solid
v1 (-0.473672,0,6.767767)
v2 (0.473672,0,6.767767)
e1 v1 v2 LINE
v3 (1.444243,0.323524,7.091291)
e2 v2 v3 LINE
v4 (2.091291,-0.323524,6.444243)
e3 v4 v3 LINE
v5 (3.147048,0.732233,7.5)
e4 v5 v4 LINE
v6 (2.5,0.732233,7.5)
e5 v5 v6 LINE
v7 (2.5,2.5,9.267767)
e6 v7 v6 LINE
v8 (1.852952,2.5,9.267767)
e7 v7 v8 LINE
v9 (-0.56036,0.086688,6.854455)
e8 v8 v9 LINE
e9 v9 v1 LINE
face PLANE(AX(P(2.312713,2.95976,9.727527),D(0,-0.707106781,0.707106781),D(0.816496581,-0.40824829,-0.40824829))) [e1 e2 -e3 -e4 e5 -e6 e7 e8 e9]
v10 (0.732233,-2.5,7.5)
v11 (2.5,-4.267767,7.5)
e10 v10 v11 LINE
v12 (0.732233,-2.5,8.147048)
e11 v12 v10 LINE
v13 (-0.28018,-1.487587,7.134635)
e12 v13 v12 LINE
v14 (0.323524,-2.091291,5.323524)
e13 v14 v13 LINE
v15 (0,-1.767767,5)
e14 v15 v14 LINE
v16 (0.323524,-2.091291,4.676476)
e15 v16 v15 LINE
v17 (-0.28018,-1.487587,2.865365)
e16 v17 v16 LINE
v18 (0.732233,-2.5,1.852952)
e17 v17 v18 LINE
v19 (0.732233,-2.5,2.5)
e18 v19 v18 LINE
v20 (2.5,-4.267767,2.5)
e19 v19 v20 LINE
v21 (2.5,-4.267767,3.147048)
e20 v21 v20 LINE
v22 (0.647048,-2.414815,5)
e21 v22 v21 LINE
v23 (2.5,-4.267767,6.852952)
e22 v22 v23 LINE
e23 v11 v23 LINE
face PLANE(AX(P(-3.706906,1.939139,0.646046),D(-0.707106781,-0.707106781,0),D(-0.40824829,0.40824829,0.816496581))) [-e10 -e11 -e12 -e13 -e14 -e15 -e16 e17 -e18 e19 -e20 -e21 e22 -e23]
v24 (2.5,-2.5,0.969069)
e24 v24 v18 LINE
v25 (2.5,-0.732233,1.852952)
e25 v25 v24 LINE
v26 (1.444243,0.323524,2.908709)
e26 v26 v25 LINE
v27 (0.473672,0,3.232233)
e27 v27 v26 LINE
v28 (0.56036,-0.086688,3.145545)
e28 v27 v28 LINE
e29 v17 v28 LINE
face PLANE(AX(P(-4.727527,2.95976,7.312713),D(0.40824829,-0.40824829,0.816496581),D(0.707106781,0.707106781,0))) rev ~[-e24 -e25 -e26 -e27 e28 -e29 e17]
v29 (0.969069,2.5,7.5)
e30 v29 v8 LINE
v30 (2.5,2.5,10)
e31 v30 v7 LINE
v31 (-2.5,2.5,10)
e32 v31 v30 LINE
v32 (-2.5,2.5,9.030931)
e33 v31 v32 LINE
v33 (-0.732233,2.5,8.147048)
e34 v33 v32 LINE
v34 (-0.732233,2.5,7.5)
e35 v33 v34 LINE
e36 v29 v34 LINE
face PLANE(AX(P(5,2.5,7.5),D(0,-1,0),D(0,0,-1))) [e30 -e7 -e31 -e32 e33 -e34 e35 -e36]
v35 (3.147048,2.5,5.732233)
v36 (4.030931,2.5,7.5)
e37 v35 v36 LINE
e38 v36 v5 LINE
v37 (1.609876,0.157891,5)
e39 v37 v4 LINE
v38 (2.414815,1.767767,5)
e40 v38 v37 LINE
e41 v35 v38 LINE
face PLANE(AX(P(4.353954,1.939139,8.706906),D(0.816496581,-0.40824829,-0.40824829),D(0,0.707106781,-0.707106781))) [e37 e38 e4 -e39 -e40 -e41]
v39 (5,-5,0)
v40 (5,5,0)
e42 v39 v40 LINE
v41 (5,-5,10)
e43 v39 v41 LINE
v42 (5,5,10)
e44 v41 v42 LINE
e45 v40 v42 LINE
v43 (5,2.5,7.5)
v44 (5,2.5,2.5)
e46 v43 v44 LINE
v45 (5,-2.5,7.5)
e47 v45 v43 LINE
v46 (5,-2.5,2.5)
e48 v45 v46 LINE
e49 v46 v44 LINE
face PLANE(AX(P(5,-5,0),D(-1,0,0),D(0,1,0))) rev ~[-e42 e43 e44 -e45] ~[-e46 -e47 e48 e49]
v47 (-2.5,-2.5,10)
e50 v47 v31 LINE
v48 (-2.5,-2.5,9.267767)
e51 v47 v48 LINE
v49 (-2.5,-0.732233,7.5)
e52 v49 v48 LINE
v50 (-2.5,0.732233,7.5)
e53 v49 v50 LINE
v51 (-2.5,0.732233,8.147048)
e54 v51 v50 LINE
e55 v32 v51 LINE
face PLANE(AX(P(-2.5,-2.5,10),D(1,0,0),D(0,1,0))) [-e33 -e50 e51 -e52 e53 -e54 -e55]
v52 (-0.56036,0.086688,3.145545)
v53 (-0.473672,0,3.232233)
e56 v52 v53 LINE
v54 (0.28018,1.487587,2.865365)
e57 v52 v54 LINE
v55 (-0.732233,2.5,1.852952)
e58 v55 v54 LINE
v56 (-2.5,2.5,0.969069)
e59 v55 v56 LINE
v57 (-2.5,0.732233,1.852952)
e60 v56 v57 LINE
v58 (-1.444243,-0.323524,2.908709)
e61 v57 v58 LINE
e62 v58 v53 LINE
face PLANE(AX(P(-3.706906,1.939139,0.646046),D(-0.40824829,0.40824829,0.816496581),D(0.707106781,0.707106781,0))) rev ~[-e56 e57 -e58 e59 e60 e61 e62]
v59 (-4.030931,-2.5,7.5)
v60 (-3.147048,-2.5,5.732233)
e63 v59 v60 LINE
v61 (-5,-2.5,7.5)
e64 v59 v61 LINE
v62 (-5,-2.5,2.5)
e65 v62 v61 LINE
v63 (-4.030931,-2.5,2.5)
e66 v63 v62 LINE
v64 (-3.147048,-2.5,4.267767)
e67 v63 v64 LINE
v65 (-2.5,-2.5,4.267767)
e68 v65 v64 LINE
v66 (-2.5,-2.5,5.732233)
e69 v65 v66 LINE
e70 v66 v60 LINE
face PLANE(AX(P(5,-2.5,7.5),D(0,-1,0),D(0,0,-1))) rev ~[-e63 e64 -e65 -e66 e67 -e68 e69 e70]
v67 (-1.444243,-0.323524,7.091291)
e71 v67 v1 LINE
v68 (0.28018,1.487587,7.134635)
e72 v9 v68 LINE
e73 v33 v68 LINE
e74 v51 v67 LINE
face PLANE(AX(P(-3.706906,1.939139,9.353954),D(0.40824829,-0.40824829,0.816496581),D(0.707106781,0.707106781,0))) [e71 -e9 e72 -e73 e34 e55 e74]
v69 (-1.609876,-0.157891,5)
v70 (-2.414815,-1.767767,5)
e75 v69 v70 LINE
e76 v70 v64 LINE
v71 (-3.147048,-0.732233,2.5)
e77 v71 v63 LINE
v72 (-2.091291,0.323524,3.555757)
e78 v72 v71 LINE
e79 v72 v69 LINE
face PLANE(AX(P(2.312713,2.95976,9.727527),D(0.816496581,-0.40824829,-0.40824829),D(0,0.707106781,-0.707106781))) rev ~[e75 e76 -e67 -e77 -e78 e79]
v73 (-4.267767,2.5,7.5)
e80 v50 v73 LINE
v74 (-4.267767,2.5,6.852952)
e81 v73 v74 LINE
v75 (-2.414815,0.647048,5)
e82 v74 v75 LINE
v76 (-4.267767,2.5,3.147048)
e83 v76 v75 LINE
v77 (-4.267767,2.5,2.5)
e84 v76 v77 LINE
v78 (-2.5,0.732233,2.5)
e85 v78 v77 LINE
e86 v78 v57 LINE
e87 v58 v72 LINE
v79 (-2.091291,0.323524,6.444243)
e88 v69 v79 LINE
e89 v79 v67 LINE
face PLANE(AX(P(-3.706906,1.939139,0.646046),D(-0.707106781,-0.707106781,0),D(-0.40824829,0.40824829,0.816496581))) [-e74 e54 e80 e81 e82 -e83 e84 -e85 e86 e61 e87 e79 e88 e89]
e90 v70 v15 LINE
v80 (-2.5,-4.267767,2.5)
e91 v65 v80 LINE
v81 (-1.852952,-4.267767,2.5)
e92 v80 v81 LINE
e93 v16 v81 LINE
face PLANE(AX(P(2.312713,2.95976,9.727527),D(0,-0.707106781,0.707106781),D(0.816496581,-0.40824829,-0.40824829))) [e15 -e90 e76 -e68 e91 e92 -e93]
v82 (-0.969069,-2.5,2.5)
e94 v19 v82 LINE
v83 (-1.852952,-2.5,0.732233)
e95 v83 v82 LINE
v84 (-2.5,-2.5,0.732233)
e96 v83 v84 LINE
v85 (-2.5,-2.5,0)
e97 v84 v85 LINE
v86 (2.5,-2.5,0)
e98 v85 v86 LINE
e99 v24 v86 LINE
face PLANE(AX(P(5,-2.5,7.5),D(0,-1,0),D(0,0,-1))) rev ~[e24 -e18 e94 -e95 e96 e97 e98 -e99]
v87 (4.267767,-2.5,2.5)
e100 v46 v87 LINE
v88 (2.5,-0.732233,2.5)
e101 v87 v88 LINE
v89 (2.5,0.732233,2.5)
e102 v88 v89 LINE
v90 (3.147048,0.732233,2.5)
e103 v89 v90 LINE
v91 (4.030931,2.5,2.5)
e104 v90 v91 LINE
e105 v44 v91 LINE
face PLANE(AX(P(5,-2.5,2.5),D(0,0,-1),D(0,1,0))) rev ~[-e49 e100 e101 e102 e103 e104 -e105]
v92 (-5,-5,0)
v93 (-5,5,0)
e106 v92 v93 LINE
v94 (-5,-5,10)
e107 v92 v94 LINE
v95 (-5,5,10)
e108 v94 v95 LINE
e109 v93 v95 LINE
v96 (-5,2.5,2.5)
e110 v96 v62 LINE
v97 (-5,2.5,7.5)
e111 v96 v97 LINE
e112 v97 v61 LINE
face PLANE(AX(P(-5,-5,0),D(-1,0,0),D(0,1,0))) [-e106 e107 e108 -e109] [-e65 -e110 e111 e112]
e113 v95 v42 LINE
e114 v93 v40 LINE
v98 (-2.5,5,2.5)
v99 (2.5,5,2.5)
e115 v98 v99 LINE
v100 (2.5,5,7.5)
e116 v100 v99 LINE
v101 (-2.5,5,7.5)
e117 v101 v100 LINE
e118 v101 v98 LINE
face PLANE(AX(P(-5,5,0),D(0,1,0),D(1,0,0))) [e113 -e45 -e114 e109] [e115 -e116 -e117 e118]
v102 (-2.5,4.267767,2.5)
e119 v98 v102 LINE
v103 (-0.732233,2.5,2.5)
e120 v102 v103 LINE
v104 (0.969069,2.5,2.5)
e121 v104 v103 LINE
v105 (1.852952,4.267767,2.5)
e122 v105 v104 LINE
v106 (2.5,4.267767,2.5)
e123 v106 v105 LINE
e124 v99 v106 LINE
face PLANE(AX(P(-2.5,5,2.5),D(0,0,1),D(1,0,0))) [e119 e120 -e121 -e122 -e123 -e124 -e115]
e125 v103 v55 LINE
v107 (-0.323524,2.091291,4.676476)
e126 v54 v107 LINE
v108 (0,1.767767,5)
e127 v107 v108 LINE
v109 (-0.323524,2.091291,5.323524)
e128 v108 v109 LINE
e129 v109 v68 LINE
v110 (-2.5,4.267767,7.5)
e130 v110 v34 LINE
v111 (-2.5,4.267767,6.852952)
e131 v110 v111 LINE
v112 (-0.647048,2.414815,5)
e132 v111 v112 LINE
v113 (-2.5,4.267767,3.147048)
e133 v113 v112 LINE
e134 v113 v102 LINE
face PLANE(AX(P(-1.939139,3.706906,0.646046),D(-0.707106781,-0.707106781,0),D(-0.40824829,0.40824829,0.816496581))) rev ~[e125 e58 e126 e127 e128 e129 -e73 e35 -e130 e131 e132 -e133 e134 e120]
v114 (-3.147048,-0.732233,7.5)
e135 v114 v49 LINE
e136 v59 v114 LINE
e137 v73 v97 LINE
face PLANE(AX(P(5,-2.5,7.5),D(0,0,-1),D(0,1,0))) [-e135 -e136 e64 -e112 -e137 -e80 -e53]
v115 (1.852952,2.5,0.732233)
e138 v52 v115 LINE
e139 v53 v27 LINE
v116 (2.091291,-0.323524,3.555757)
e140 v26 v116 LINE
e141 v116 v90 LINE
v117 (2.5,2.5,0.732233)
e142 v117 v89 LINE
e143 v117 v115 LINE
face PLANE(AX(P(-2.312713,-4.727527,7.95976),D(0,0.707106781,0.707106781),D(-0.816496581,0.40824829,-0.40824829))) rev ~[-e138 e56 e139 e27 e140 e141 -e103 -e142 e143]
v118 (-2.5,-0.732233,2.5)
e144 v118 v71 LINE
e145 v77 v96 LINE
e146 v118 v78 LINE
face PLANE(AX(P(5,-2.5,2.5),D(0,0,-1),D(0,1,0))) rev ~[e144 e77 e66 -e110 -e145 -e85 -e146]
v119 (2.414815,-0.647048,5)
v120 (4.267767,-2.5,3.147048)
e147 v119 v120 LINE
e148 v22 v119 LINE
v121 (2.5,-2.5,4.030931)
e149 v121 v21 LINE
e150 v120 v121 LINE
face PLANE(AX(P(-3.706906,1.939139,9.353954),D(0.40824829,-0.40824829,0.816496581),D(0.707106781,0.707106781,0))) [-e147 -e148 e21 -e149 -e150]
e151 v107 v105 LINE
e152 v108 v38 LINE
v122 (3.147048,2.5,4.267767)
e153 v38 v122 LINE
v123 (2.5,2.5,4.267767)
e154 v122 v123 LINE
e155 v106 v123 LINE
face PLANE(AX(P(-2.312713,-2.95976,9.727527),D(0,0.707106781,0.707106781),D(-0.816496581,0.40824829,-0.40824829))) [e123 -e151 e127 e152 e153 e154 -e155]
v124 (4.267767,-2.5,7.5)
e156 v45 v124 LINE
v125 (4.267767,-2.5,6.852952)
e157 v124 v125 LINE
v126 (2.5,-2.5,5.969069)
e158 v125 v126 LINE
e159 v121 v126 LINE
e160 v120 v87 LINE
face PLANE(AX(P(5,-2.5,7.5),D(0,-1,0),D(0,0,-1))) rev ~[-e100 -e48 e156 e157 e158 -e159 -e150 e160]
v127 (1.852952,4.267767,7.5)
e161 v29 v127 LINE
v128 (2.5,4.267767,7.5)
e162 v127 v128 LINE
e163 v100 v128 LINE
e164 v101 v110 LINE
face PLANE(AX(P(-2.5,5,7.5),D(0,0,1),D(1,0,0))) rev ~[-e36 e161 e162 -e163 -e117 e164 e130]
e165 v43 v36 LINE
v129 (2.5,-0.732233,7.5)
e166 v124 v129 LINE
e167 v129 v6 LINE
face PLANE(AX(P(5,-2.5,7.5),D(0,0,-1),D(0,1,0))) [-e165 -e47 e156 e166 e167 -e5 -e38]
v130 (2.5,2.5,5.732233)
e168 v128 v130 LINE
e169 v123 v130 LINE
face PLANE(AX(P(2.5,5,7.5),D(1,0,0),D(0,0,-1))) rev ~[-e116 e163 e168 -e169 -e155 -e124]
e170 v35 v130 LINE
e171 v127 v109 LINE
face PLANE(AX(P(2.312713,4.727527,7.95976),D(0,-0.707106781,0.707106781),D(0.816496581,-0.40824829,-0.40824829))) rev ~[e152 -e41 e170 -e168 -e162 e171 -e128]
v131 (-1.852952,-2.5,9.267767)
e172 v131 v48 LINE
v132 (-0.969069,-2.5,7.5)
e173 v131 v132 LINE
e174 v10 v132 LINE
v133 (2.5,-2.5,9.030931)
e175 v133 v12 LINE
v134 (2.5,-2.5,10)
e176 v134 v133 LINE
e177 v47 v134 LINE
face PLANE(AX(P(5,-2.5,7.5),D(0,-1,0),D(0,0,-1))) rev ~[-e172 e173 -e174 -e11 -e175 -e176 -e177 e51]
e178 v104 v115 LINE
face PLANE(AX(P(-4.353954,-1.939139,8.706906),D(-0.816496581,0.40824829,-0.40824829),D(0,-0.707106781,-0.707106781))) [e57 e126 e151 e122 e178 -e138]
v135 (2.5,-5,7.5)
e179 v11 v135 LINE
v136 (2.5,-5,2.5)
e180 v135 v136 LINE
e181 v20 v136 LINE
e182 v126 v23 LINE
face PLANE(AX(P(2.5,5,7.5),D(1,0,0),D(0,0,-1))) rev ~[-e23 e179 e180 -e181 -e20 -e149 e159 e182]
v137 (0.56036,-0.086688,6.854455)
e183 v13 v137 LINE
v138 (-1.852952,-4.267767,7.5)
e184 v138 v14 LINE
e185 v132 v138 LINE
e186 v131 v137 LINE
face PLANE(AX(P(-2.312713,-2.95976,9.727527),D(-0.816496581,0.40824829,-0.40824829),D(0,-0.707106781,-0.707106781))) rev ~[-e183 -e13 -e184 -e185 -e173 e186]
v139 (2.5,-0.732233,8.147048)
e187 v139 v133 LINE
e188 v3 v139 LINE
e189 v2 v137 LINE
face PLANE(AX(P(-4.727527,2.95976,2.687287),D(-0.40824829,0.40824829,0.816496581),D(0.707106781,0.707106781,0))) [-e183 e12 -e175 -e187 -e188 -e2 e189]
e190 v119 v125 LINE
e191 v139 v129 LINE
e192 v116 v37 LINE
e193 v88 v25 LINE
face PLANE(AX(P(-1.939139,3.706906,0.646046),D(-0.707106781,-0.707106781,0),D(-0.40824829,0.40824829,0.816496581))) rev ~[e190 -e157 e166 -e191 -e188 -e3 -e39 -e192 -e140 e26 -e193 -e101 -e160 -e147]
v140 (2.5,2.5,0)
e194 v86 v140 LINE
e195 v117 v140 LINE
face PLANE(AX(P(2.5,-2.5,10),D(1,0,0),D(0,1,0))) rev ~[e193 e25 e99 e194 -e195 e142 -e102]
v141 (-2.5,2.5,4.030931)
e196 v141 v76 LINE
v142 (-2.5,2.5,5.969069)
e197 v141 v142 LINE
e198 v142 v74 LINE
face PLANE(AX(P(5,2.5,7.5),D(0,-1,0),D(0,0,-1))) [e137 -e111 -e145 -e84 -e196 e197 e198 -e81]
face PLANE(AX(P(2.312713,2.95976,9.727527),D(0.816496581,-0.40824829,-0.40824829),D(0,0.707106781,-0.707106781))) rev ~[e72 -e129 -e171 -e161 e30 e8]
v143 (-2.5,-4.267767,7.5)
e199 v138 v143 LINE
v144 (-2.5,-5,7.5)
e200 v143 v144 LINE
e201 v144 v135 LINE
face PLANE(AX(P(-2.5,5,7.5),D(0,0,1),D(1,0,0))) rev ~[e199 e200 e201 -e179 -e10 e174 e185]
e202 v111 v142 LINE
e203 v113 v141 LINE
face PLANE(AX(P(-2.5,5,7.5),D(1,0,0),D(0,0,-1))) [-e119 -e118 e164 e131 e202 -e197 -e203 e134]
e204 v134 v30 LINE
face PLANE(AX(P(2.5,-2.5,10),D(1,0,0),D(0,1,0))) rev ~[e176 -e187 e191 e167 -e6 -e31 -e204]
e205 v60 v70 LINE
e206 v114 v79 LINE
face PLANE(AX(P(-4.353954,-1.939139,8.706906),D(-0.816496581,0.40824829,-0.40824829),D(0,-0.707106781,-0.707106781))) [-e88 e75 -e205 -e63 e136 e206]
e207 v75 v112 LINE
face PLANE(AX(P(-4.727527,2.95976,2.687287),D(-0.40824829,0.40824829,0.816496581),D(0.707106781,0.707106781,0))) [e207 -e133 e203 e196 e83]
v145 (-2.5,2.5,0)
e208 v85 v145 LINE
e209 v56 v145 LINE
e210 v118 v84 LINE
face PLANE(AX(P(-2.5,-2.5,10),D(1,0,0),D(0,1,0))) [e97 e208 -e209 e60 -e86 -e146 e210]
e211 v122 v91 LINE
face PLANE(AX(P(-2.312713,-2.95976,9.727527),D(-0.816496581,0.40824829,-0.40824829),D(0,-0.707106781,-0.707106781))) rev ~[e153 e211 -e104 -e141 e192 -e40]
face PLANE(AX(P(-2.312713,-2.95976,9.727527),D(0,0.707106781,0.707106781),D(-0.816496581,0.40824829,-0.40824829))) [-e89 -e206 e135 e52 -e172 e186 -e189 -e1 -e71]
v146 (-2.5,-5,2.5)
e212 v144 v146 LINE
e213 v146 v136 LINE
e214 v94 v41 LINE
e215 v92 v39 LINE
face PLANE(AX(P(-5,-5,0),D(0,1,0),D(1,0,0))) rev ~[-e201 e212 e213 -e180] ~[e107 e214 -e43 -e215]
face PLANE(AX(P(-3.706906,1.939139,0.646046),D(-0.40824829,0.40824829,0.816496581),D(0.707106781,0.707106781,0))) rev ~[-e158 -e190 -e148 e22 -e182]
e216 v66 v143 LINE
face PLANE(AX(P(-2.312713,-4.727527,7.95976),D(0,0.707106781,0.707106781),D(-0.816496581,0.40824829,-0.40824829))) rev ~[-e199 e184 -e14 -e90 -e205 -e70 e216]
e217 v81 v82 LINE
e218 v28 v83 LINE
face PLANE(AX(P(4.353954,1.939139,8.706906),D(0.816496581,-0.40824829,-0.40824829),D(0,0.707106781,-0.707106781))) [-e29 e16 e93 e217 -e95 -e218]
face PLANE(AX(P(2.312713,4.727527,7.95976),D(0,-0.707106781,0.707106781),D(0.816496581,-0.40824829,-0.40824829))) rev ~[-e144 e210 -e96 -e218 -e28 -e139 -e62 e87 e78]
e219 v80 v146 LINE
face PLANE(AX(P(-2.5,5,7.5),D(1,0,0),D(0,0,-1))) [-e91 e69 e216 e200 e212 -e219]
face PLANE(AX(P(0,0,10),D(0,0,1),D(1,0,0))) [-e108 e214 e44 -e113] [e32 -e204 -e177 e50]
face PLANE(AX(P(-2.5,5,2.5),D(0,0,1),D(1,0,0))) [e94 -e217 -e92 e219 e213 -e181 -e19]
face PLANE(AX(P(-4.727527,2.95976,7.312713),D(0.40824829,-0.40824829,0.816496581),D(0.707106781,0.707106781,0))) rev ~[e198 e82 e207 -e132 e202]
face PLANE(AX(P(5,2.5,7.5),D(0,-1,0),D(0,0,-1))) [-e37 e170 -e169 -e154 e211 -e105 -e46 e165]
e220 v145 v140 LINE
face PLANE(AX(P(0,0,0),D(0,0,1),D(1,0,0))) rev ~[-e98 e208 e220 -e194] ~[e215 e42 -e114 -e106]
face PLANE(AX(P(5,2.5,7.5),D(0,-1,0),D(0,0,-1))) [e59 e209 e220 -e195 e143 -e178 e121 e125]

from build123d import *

# Parameters (mm, degrees)
SKETCH1_W           = 10
SKETCH1_H           = 10
BOSS_EXTRUDE1_DEPTH = 10
SKETCH2_W           = 5
SKETCH2_H           = 5
CUT_EXTRUDE1_DEPTH  = 13
SKETCH3_W           = 5
SKETCH3_H           = 5
CUT_EXTRUDE2_DEPTH  = 13
SKETCH4_W           = 5
SKETCH4_H           = 5
CUT_EXTRUDE3_DEPTH  = 13
SKETCH5_W           = 2.5
SKETCH5_H           = 2.5
BOSS_EXTRUDE3_DEPTH = 12
SKETCH7_W           = 2.5
SKETCH7_H           = 2.5
BOSS_EXTRUDE4_DEPTH = 12
SKETCH9_W           = 2.5
SKETCH9_H           = 2.5
BOSS_EXTRUDE5_DEPTH = 12
SKETCH11_W          = 2.5
SKETCH11_H          = 2.5
BOSS_EXTRUDE6_DEPTH = 12


with BuildPart() as part:
    # Sketch1 → Boss-Extrude1 (new body)
    with BuildSketch(Plane.XY):
        Rectangle(SKETCH1_W, SKETCH1_H)
    extrude(amount=BOSS_EXTRUDE1_DEPTH)

    # Sketch2 → Cut-Extrude1 (cut)
    with BuildSketch(Plane.XY.offset(10)):
        Rectangle(SKETCH2_W, SKETCH2_H)
    extrude(amount=-CUT_EXTRUDE1_DEPTH, mode=Mode.SUBTRACT)

    # Sketch3 → Cut-Extrude2 (cut)
    with BuildSketch(Plane(origin=(5, 0, 0), x_dir=(0, 0, -1), z_dir=(1, 0, 0))):
        with Locations((-5, 0)):
            Rectangle(SKETCH3_W, SKETCH3_H)
    extrude(amount=-CUT_EXTRUDE2_DEPTH, mode=Mode.SUBTRACT)

    # Sketch4 → Cut-Extrude3 (cut)
    with BuildSketch(Plane(origin=(0, 5, 0), x_dir=(1, 0, 0), z_dir=(0, 1, 0))):
        with Locations((0, -5)):
            Rectangle(SKETCH4_W, SKETCH4_H)
    extrude(amount=-CUT_EXTRUDE3_DEPTH, mode=Mode.SUBTRACT)

    # Sketch5 → Boss-Extrude3 (add)
    with BuildSketch(Plane(origin=(-5, -5, 5), x_dir=(-0.816496581, 0.40824829, -0.40824829), z_dir=(-0.577350269, -0.577350269, 0.577350269))):
        with Locations((-2.041241452, -3.535533906)):
            Rectangle(SKETCH5_W, SKETCH5_H)
    extrude(amount=-BOSS_EXTRUDE3_DEPTH)

    # Sketch7 → Boss-Extrude4 (add)
    with BuildSketch(Plane(origin=(-1.666666667, 1.666666667, -1.666666667), x_dir=(-0.40824829, 0.40824829, 0.816496581), z_dir=(-0.577350269, 0.577350269, -0.577350269))):
        with Locations((4.082482905, 0)):
            Rectangle(SKETCH7_W, SKETCH7_H)
    extrude(amount=-BOSS_EXTRUDE4_DEPTH)

    # Sketch9 → Boss-Extrude5 (add)
    with BuildSketch(Plane(origin=(-5, 5, 5), x_dir=(0.40824829, -0.40824829, 0.816496581), z_dir=(-0.577350269, 0.577350269, 0.577350269))):
        with Locations((4.082482905, 0)):
            Rectangle(SKETCH9_W, SKETCH9_H)
    extrude(amount=-BOSS_EXTRUDE5_DEPTH)

    # Sketch11 → Boss-Extrude6 (add)
    with BuildSketch(Plane(origin=(5, 5, 5), x_dir=(0.816496581, -0.40824829, -0.40824829), z_dir=(0.577350269, 0.577350269, 0.577350269))):
        with Locations((-2.041241452, -3.535533906)):
            Rectangle(SKETCH11_W, SKETCH11_H)
    extrude(amount=-BOSS_EXTRUDE6_DEPTH)


solid = part.part
